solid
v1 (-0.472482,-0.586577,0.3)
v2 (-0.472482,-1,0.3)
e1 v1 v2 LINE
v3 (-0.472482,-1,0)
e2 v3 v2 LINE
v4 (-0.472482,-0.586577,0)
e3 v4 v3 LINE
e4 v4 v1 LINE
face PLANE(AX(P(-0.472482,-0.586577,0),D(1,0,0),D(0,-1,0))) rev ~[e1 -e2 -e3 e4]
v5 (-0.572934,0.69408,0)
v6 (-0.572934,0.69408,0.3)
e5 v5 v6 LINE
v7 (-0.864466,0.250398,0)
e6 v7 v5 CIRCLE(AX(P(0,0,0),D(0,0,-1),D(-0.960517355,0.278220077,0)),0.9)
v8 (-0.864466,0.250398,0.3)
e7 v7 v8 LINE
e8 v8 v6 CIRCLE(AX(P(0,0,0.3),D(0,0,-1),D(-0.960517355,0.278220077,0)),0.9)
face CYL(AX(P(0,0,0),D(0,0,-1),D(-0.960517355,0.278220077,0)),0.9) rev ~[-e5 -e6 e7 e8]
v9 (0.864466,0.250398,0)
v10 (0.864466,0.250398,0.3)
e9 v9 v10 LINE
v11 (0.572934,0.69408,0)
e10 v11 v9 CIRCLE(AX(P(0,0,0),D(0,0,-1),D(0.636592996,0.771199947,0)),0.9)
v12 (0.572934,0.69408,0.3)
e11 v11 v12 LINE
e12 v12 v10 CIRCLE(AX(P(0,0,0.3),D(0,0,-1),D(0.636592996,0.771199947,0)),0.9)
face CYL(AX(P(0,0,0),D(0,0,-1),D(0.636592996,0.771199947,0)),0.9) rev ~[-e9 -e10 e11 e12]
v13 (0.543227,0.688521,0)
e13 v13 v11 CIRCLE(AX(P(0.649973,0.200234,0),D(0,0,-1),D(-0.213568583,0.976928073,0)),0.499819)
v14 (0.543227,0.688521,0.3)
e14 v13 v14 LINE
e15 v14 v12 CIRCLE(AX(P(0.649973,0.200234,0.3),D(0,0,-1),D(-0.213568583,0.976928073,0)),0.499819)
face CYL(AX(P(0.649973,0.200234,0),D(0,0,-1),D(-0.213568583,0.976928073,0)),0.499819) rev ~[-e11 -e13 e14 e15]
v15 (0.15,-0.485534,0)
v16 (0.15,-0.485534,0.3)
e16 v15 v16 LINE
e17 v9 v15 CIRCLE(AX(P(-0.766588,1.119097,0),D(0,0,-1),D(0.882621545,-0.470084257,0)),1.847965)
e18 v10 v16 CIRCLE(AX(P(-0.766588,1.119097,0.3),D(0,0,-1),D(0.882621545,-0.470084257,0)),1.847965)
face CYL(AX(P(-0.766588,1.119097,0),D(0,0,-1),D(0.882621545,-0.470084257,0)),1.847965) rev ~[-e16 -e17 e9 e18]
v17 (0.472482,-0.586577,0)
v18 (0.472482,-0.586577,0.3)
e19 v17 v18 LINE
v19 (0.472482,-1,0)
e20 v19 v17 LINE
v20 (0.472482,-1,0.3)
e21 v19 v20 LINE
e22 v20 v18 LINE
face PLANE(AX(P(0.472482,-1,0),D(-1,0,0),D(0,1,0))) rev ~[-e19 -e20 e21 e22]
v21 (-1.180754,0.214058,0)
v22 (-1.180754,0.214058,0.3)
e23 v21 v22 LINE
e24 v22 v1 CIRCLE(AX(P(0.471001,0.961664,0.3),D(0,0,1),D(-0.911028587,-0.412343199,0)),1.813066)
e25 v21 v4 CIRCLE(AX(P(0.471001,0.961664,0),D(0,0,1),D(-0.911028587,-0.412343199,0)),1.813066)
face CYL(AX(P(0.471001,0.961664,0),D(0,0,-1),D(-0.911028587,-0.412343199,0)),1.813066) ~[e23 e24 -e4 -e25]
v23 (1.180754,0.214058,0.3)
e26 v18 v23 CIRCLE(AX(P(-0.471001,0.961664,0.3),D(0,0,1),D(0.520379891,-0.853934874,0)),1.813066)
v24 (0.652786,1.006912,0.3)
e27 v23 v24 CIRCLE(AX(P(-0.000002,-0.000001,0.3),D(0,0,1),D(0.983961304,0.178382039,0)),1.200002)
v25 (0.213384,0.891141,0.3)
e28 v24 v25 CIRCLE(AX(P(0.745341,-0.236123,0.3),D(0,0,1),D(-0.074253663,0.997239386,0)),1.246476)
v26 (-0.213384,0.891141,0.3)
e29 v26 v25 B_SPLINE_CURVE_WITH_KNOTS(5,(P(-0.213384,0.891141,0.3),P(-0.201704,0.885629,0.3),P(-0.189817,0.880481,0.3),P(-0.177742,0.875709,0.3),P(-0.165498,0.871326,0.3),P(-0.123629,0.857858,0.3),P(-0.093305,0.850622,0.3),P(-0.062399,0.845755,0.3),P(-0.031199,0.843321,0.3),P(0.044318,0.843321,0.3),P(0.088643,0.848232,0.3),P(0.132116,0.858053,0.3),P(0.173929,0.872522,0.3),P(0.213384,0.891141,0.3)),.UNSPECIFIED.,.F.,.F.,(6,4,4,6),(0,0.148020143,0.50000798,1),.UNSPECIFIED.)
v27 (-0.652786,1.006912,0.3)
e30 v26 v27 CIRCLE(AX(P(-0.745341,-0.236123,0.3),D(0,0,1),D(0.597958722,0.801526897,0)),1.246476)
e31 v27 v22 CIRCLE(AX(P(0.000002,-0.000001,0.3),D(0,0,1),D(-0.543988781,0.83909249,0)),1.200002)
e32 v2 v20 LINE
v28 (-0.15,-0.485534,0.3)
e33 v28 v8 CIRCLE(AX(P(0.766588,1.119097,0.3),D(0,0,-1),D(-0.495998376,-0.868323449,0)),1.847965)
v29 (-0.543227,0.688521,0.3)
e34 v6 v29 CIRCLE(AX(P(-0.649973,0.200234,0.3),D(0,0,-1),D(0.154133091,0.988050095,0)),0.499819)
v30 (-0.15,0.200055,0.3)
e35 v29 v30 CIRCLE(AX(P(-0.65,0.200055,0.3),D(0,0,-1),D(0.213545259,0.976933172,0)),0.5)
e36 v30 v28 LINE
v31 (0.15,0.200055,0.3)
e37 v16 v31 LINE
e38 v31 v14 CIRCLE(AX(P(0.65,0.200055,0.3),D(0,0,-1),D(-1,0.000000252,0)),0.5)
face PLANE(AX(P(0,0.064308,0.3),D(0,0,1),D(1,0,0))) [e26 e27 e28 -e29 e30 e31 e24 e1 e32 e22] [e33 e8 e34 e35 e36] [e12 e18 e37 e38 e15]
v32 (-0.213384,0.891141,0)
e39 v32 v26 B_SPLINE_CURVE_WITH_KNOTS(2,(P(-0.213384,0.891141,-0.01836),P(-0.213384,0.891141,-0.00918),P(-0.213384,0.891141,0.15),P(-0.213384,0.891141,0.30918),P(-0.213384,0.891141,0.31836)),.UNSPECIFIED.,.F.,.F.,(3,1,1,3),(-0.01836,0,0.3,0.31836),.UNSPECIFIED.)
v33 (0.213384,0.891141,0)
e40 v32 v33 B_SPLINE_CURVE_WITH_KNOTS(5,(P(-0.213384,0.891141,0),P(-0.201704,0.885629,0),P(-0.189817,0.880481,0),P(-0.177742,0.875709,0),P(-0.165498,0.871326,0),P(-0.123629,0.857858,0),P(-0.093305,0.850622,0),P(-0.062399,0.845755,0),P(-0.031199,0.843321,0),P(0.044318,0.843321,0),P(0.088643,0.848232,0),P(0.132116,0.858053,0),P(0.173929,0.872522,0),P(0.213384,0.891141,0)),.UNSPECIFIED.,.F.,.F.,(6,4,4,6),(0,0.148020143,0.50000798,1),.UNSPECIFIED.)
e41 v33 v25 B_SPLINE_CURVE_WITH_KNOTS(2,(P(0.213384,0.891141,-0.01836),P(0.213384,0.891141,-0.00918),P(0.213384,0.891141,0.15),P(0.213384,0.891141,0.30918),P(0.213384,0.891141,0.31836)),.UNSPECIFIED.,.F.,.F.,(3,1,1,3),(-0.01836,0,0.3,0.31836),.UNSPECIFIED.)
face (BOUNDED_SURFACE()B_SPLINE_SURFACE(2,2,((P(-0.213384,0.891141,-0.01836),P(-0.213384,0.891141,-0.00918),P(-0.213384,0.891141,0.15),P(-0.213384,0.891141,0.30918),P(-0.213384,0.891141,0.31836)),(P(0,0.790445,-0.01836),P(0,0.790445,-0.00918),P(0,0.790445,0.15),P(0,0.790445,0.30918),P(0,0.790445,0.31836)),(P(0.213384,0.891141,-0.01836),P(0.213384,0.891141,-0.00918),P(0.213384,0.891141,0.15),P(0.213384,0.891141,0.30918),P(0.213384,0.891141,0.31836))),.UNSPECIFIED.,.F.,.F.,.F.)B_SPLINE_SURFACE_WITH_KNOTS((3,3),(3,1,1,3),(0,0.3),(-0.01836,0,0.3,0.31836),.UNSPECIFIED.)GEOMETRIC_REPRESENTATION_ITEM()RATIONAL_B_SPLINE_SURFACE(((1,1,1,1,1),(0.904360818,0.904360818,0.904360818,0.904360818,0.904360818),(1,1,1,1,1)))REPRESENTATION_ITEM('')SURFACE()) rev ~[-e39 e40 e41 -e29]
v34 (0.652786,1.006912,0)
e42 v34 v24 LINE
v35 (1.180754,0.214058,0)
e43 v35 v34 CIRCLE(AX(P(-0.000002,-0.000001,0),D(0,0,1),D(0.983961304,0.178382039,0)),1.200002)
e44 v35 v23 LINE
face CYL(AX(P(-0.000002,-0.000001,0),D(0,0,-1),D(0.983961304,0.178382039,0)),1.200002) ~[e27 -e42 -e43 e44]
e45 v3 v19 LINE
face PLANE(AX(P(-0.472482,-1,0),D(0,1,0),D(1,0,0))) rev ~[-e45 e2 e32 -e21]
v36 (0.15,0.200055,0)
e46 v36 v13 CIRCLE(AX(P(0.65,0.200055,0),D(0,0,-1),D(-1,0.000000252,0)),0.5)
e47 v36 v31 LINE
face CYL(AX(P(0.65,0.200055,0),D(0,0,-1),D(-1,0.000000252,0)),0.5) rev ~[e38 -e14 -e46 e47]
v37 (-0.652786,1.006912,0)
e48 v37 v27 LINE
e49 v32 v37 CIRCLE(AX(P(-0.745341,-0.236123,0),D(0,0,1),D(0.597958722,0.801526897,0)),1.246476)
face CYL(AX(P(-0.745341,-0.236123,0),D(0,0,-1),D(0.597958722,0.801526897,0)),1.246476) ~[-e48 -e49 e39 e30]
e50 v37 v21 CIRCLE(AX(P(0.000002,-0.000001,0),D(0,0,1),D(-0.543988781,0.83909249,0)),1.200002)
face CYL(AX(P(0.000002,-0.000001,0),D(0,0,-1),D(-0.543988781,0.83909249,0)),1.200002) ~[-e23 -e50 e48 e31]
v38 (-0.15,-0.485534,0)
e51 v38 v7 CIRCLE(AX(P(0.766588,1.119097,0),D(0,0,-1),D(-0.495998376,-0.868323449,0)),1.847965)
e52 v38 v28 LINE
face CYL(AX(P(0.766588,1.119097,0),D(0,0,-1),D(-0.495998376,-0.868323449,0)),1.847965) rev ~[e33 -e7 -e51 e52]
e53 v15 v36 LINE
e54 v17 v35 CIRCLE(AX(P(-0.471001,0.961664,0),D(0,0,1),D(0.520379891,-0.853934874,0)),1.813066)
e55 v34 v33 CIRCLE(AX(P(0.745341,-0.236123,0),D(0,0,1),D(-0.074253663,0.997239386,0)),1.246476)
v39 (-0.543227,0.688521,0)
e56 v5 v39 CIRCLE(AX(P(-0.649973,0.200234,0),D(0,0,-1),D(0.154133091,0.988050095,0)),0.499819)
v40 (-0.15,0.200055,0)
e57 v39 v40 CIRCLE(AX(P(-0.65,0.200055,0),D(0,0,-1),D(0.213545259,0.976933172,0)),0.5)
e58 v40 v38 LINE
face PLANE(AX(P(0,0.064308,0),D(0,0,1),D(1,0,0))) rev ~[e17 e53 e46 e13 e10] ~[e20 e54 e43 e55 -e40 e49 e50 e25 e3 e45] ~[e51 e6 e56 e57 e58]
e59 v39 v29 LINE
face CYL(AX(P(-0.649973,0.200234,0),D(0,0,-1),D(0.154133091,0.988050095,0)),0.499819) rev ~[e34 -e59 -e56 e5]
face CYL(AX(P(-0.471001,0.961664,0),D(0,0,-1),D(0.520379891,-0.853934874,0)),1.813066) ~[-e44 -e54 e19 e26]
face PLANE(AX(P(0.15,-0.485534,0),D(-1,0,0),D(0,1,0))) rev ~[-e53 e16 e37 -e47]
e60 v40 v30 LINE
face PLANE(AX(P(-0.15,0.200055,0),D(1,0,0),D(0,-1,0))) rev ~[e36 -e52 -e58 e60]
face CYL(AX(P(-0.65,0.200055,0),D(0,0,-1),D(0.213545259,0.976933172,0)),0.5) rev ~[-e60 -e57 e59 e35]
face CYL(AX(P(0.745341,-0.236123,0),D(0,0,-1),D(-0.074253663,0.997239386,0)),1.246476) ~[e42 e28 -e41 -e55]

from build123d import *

# Parameters (mm, degrees)
F1_DEPTH = 0.3
F2_R     = 0.5


with BuildPart() as f1:
    # F0 (on Top) → F1 (new body)
    with BuildSketch(Plane.XY):
        with BuildLine():
            ThreePointArc((0, 0.762961), (-0.308997, 0.931484), (-0.652786, 1.006912))
            ThreePointArc((-0.652786, 1.006912), (-0.99881, 0.665116), (-1.180754, 0.214058))
            ThreePointArc((-1.180754, 0.214058), (-0.886964, -0.239644), (-0.472482, -0.586577))
            Line((-0.472482, -0.586577), (-0.472482, -1))
            Line((-0.472482, -1), (0, -1))
            Line((0, -1), (0.472482, -1))
            Line((0.472482, -1), (0.472482, -0.586577))
            ThreePointArc((0.472482, -0.586577), (0.886964, -0.239644), (1.180754, 0.214058))
            ThreePointArc((1.180754, 0.214058), (0.99881, 0.665116), (0.652786, 1.006912))
            ThreePointArc((0.652786, 1.006912), (0.308997, 0.931484), (0, 0.762961))
        make_face()
        with BuildLine():
            ThreePointArc((-0.572934, 0.69408), (-0.558038, 0.691525), (-0.543227, 0.688521))
            ThreePointArc((-0.543227, 0.688521), (-0.260522, 0.513594), (-0.15, 0.200055))
            Line((-0.15, 0.200055), (-0.15, -0.485534))
            ThreePointArc((-0.15, -0.485534), (-0.559315, -0.168131), (-0.864466, 0.250398))
            ThreePointArc((-0.864466, 0.250398), (-0.752159, 0.494224), (-0.572934, 0.69408))
        make_face(mode=Mode.SUBTRACT)
        with BuildLine():
            ThreePointArc((0.15, 0.200055), (0.260522, 0.513594), (0.543227, 0.688521))
            ThreePointArc((0.543227, 0.688521), (0.558038, 0.691525), (0.572934, 0.69408))
            ThreePointArc((0.572934, 0.69408), (0.752159, 0.494224), (0.864466, 0.250398))
            ThreePointArc((0.864466, 0.250398), (0.559315, -0.168131), (0.15, -0.485534))
            Line((0.15, -0.485534), (0.15, 0.200055))
        make_face(mode=Mode.SUBTRACT)
    extrude(amount=F1_DEPTH)

    # F2
    f2_edges = [f1.edges().sort_by_distance(p)[0] for p in [
        (0, 0.762961, 0.15),
    ]]
    fillet(f2_edges, radius=F2_R)


solid = f1.part
